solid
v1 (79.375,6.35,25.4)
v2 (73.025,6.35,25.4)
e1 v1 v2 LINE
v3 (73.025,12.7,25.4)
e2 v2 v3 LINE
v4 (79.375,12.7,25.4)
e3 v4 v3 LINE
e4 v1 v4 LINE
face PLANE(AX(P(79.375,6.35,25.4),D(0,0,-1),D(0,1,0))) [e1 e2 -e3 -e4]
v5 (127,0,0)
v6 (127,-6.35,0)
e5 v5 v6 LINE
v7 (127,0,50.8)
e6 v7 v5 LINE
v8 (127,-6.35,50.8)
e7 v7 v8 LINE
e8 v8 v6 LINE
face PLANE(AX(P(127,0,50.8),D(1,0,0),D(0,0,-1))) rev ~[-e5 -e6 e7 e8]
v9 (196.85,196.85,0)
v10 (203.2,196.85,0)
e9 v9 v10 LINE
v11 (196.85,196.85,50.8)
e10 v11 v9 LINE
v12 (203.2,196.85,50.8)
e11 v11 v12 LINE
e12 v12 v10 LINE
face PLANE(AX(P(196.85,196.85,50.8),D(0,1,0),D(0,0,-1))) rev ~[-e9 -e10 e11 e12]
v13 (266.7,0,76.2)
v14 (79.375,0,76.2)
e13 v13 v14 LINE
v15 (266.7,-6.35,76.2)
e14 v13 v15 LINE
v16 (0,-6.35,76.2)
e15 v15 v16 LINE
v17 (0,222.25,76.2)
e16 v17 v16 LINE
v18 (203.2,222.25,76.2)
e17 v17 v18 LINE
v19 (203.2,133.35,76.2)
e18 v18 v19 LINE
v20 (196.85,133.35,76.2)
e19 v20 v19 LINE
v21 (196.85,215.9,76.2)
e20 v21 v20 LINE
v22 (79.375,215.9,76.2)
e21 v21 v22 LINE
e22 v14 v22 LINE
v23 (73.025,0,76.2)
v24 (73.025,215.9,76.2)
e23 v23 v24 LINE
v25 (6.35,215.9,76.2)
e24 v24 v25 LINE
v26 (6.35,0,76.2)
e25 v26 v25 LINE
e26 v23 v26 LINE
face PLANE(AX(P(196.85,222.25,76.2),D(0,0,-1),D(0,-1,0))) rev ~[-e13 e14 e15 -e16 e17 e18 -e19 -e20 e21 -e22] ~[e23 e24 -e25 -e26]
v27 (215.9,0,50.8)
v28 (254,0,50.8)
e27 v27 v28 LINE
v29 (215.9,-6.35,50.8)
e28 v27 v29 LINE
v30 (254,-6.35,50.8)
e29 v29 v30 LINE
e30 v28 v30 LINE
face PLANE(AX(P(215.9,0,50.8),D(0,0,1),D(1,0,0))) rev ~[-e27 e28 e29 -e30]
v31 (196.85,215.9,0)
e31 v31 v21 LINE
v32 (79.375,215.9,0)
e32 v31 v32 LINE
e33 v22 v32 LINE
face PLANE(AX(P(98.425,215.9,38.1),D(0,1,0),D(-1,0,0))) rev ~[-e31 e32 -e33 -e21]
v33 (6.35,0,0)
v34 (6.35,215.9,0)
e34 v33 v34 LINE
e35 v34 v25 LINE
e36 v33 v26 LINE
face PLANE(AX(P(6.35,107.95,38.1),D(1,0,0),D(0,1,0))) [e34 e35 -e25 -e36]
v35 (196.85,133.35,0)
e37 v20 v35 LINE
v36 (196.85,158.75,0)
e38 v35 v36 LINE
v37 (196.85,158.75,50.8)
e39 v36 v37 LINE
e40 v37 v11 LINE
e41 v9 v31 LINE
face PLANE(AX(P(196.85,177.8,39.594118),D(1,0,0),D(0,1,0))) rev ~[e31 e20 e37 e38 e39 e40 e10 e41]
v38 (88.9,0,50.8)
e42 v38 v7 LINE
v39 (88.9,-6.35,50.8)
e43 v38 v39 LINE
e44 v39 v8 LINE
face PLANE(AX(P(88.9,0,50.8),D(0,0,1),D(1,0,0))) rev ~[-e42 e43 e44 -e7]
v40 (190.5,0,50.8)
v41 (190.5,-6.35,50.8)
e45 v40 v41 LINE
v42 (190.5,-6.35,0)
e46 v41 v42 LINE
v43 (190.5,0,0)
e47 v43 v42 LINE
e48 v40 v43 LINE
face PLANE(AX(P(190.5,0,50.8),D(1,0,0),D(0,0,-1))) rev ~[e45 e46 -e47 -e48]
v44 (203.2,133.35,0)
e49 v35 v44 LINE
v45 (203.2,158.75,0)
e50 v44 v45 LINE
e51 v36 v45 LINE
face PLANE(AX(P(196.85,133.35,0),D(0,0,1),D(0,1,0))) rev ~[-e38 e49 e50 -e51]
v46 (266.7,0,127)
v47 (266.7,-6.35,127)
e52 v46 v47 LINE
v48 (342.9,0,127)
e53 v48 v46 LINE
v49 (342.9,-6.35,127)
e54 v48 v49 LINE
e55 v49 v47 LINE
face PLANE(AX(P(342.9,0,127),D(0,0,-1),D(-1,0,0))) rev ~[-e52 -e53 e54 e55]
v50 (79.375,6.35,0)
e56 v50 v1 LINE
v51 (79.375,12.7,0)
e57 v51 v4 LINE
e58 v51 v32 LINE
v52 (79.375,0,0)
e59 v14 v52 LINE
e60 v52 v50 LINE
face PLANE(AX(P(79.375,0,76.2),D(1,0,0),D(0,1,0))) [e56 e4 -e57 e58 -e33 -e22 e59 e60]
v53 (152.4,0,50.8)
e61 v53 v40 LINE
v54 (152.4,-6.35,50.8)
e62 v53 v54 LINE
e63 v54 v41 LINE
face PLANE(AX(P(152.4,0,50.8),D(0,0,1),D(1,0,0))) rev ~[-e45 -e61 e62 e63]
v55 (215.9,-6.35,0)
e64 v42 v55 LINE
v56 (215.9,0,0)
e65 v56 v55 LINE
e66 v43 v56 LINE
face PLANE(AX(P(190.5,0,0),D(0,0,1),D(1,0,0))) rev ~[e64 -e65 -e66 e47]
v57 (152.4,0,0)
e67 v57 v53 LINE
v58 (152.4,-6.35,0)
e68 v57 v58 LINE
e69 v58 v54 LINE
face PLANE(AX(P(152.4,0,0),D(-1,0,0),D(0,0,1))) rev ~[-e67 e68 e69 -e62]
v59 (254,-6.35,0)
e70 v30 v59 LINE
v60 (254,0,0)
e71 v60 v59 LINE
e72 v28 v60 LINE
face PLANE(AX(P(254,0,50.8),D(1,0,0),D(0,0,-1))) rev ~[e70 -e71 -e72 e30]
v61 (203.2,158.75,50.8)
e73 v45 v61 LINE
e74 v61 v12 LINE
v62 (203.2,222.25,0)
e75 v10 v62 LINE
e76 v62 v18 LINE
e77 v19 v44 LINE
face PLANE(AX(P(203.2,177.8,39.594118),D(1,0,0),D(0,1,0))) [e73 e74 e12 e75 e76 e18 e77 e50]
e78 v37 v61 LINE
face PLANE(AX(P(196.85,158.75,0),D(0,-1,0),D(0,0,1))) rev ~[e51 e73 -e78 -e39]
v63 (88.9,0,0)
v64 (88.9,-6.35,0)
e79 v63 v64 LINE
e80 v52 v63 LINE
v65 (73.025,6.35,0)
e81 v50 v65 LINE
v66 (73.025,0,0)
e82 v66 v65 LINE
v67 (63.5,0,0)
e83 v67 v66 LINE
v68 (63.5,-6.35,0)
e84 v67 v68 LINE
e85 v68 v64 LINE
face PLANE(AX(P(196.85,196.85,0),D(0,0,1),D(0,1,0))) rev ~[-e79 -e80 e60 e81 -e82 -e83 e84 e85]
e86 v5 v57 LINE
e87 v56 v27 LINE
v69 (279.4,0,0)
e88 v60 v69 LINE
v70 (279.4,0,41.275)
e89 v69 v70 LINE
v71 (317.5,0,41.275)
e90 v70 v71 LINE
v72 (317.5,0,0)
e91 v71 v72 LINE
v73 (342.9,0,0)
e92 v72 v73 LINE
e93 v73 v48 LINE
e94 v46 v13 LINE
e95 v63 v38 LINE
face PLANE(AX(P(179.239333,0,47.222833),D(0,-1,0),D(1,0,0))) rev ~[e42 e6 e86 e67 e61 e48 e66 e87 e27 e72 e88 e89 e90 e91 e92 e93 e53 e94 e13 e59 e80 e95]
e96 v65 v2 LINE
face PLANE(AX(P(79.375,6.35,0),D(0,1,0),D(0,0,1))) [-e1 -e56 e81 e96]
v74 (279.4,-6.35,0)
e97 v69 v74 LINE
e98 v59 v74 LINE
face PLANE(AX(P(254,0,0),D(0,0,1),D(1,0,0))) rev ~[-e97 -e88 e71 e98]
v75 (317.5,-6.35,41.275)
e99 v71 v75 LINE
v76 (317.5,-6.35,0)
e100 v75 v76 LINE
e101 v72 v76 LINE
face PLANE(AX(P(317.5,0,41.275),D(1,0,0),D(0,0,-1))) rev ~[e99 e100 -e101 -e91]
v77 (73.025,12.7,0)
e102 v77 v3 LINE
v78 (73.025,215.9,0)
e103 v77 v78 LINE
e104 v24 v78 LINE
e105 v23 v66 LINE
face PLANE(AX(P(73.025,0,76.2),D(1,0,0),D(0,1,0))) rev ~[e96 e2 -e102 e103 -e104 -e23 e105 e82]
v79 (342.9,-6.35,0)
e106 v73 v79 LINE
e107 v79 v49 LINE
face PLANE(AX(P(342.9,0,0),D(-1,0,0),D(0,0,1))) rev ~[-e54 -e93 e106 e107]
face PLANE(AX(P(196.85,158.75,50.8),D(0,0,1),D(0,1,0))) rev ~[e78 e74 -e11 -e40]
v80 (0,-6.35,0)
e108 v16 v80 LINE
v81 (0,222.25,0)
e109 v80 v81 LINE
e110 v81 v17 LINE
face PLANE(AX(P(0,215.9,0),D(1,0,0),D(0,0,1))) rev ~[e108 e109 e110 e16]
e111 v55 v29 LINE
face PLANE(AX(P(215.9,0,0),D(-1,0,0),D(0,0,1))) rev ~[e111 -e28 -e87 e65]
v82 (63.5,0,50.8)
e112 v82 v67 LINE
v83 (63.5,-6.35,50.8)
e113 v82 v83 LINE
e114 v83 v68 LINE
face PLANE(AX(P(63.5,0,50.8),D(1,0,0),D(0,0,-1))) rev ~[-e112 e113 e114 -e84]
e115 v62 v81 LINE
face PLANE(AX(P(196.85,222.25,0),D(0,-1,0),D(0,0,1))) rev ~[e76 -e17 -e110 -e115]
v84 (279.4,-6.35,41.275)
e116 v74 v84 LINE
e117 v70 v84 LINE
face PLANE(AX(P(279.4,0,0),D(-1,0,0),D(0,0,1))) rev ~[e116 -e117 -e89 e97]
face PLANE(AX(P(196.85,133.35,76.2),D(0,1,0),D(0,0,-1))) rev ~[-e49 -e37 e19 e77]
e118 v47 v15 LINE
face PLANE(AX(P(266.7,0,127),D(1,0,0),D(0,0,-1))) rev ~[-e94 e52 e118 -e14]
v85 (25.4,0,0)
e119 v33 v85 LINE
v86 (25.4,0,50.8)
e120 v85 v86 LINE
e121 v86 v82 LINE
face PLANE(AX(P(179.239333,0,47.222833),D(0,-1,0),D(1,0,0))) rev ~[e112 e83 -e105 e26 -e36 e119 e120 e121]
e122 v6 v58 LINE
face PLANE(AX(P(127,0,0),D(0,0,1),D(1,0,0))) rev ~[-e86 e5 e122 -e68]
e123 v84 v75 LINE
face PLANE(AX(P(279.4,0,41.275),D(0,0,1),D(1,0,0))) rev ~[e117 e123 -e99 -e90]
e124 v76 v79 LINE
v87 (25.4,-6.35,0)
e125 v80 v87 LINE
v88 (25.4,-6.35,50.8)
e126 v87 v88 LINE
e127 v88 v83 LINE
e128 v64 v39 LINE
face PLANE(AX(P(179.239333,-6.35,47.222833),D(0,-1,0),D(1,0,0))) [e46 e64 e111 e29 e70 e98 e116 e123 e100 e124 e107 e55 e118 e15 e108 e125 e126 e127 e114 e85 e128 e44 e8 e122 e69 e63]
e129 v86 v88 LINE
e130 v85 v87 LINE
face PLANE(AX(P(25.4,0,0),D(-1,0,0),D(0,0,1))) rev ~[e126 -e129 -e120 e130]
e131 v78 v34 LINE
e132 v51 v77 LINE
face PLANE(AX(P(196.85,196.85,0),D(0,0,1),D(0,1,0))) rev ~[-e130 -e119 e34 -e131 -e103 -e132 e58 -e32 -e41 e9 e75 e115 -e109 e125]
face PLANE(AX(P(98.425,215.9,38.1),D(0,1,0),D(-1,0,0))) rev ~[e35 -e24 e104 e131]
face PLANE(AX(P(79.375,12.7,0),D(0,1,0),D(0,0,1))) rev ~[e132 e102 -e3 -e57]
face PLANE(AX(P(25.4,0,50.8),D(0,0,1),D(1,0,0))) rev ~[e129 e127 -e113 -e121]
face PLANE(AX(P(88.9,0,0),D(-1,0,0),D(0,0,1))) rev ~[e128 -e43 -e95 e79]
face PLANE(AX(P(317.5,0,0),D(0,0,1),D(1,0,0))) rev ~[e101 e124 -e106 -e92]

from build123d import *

# Parameters (mm, degrees)
F1_DEPTH  = 6.35
F2_W      = 215.9
F2_H      = 76.2
F3_DEPTH  = 6.35
F4_W      = 196.85
F4_H      = 76.2
F5_DEPTH  = 6.35
F7_DEPTH  = 6.35
F8_W      = 6.35
F8_H      = 215.9
F9_DEPTH  = 76.2
F10_W     = 6.35
F10_H     = 25.4
F11_DEPTH = 12.7


with BuildPart() as f1:
    # F0 (on Front) → F1 (new body)
    with BuildSketch(Plane.XZ):
        Polygon((0, 76.2), (0, 0), (25.4, 0), (25.4, 50.8), (63.5, 50.8), (63.5, 0), (88.9, 0), (88.9, 50.8), (127, 50.8), (127, 0), (152.4, 0), (152.4, 50.8), (190.5, 50.8), (190.5, 0), (215.9, 0), (215.9, 50.8), (254, 50.8), (254, 0), (279.4, 0), (279.4, 41.275), (317.5, 41.275), (317.5, 0), (342.9, 0), (342.9, 127), (266.7, 127), (266.7, 76.2), align=None)
    extrude(amount=F1_DEPTH)

    # F2 (on Right) → F3 (join)
    with BuildSketch(Plane.YZ):
        with Locations((107.95, 38.1)):
            Rectangle(F2_W, F2_H)
    extrude(amount=F3_DEPTH)

    # F4 (on face) → F5 (join)
    with BuildSketch(Plane(origin=(0, 215.9, 0), x_dir=(-1, 0, 0), z_dir=(0, 1, 0))):
        with Locations((-98.425, 38.1)):
            Rectangle(F4_W, F4_H)
    extrude(amount=F5_DEPTH)

    # F6 (on face) → F7 (join)
    with BuildSketch(Plane.YZ.offset(196.85)):
        Polygon((222.25, 0), (222.25, 76.2), (133.35, 76.2), (133.35, 0), (158.75, 0), (158.75, 50.8), (196.85, 50.8), (196.85, 0), align=None)
    extrude(amount=F7_DEPTH)

    # F8 (on face) → F9 (join)
    with BuildSketch(Plane.XY.offset(76.2)):
        with Locations((76.2, 107.95)):
            Rectangle(F8_W, F8_H)
    extrude(amount=-F9_DEPTH)

    # F10 (on face) → F11 (cut)
    with BuildSketch(Plane.YZ.offset(79.375)):
        with Locations((9.525, 12.7)):
            Rectangle(F10_W, F10_H)
    extrude(amount=-F11_DEPTH, mode=Mode.SUBTRACT)


solid = f1.part
